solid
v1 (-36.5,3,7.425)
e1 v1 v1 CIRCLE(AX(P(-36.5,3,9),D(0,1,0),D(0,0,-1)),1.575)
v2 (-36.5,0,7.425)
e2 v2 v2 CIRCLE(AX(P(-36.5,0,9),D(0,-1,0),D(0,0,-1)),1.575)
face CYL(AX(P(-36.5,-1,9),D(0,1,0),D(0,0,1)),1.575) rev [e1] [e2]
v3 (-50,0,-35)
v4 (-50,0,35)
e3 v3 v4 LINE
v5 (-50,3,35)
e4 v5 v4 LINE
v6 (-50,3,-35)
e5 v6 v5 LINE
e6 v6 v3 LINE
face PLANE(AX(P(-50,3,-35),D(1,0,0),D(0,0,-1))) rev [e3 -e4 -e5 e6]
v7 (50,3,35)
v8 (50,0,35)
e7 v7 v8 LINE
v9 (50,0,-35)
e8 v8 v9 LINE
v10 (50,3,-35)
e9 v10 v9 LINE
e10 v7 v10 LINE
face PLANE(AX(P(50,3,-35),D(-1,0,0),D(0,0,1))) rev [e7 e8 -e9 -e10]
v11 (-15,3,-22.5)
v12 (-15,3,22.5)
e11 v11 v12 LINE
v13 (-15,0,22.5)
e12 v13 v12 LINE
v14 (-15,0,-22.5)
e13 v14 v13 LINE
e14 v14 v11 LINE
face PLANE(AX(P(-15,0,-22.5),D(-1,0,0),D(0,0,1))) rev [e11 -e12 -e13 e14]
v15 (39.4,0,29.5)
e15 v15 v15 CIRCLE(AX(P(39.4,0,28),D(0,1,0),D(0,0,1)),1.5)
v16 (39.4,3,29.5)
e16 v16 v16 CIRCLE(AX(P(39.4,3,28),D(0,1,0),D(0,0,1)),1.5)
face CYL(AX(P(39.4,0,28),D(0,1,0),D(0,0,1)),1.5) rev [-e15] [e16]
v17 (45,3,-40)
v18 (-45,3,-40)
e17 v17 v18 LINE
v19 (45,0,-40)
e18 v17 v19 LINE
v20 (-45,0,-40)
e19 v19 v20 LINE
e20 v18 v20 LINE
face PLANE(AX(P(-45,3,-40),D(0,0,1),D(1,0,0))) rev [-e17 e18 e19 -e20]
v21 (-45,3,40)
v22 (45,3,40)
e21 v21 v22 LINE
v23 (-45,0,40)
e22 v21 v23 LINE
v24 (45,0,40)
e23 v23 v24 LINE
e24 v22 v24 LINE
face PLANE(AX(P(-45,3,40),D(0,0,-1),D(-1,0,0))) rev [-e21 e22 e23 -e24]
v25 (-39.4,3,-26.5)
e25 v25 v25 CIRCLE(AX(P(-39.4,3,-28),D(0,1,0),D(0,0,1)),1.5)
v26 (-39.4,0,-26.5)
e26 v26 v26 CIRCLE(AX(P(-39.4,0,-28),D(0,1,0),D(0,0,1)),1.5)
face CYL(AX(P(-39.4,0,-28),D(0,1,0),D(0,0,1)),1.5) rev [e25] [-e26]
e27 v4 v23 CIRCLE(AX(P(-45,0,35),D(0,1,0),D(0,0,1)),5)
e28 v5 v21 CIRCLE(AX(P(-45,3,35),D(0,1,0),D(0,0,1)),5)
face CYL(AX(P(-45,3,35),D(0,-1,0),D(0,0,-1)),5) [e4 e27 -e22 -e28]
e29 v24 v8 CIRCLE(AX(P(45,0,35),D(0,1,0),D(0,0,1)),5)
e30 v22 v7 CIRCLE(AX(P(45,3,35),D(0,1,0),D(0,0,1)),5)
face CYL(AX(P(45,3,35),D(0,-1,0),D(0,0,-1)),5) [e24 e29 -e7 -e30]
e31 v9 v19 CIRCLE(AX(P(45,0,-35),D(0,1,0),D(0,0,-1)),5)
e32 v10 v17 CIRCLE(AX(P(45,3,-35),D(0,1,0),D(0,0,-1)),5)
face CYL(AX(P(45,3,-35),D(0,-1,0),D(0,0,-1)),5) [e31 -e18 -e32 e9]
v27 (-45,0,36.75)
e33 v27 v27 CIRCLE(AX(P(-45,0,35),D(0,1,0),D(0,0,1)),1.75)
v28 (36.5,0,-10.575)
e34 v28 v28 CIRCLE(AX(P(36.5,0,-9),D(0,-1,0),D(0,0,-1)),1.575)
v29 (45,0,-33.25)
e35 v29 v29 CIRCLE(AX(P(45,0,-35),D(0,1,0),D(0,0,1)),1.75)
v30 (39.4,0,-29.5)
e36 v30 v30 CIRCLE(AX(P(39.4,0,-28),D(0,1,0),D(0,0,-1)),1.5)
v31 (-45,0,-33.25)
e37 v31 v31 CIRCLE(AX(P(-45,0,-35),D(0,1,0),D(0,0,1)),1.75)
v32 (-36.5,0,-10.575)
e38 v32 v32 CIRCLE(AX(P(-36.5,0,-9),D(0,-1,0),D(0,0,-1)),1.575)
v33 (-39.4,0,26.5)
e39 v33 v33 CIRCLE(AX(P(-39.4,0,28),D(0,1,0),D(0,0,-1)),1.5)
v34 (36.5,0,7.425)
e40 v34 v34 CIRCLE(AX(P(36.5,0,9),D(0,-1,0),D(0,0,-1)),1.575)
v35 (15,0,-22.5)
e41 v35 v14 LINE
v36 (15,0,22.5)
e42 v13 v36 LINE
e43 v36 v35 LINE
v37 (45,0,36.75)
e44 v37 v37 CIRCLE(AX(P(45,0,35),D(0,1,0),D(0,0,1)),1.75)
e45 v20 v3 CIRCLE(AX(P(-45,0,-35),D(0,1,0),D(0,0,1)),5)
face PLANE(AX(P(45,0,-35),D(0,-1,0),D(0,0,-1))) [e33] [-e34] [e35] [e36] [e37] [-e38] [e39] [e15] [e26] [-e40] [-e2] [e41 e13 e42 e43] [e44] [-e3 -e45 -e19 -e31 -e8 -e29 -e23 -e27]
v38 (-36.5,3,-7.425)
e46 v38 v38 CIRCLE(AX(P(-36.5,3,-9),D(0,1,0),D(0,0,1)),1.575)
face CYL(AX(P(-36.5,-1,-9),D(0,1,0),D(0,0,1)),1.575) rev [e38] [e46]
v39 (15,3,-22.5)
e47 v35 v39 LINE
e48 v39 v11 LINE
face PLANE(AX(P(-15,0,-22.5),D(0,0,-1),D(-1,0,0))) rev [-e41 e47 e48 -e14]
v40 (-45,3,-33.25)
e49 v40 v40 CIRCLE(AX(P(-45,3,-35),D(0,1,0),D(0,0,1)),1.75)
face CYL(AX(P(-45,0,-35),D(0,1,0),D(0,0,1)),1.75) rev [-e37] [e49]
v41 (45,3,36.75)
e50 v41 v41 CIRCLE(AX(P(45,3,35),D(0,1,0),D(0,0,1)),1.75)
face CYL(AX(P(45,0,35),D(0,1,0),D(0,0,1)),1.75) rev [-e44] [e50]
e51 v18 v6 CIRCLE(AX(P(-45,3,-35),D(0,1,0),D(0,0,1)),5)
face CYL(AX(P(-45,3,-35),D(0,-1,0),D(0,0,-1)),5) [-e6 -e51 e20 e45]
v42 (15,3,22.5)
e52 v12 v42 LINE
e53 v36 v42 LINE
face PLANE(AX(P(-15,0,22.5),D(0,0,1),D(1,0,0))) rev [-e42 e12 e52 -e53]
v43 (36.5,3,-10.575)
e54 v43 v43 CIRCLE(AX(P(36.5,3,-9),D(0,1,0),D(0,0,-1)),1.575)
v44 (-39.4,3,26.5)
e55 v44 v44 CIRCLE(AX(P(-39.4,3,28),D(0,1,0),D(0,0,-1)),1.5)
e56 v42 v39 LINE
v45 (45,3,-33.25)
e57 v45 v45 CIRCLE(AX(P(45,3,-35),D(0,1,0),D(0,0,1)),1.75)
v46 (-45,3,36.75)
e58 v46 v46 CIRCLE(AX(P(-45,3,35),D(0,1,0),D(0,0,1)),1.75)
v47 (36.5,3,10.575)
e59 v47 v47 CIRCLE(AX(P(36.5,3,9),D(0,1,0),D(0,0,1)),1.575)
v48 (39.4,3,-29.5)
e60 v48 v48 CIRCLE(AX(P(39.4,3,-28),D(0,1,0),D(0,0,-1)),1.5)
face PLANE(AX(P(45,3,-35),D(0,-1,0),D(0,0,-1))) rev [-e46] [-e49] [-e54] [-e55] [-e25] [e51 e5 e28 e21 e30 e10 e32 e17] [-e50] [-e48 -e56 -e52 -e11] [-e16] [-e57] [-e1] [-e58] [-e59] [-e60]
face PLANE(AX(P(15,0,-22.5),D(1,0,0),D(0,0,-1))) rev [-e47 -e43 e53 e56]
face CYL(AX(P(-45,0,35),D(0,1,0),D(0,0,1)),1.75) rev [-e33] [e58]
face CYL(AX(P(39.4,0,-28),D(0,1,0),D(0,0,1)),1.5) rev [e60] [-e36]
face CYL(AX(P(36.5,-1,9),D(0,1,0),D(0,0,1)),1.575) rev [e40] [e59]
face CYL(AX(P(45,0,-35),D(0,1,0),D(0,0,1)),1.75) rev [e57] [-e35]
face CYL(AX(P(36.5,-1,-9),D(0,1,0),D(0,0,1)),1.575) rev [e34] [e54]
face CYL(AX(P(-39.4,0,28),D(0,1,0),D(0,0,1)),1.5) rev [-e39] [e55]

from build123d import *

# Parameters (mm, degrees)
BOSS_EXTRUDE1_DEPTH  = 3
SKETCH2_R            = 1.575
CUT_EXTRUDE1_DEPTH   = 4
SKETCH3_R            = 1.75
CUT_EXTRUDE2_DEPTH   = 4
LPATTERN1_COUNT      = 2
LPATTERN1_PITCH      = 70
LPATTERN1_COUNT_DIR2 = 2
LPATTERN1_PITCH_DIR2 = 90
SKETCH4_R            = 1.5
CUT_EXTRUDE3_DEPTH   = 4
SKETCH5_W            = 30
SKETCH5_H            = 45
CUT_EXTRUDE4_DEPTH   = 4


with BuildPart() as part:
    # Sketch1 → Boss-Extrude1 (new body)
    with BuildSketch(Plane(origin=(0, 0, 0), x_dir=(1, 0, 0), z_dir=(0, 1, 0))):
        with BuildLine():
            Line((-45, 40), (45, 40))
            ThreePointArc((45, 40), (48.535533906, 38.535533906), (50, 35))
            Line((50, 35), (50, -35))
            ThreePointArc((50, -35), (48.535533906, -38.535533906), (45, -40))
            Line((45, -40), (-45, -40))
            ThreePointArc((-45, -40), (-48.535533906, -38.535533906), (-50, -35))
            Line((-50, -35), (-50, 35))
            ThreePointArc((-50, 35), (-48.535533906, 38.535533906), (-45, 40))
        make_face()
    extrude(amount=BOSS_EXTRUDE1_DEPTH)

    # Sketch2 → Cut-Extrude1 (cut)
    with BuildSketch(Plane(origin=(0, 3, 0), x_dir=(1, 0, 0), z_dir=(0, 1, 0))):
        with Locations((-36.5, 9)):
            Circle(SKETCH2_R)
        with Locations((-36.5, -9)):
            Circle(SKETCH2_R)
        with Locations((36.5, -9)):
            Circle(SKETCH2_R)
        with Locations((36.5, 9)):
            Circle(SKETCH2_R)
    extrude(amount=-CUT_EXTRUDE1_DEPTH, mode=Mode.SUBTRACT)

    # Sketch3 → Cut-Extrude2 (cut, through all)
    with BuildSketch(Plane(origin=(0, 3, 0), x_dir=(1, 0, 0), z_dir=(0, 1, 0))):
        with Locations((-45, -35)):
            Circle(SKETCH3_R)
    cut_extrude2 = extrude(amount=-CUT_EXTRUDE2_DEPTH, mode=Mode.SUBTRACT)

    # LPattern1: Cut-Extrude2 2 × 2
    with Locations(*[(j * LPATTERN1_PITCH_DIR2, 0, -i * LPATTERN1_PITCH) for i in range(LPATTERN1_COUNT) for j in range(LPATTERN1_COUNT_DIR2) if (i, j) != (0, 0)]):
        add(cut_extrude2, mode=Mode.SUBTRACT)

    # Sketch4 → Cut-Extrude3 (cut, through all)
    with BuildSketch(Plane(origin=(0, 3, 0), x_dir=(1, 0, 0), z_dir=(0, 1, 0))):
        with Locations((-39.4, 28)):
            Circle(SKETCH4_R)
        with Locations((39.4, 28)):
            Circle(SKETCH4_R)
        with Locations((39.4, -28)):
            Circle(SKETCH4_R)
        with Locations((-39.4, -28)):
            Circle(SKETCH4_R)
    extrude(amount=-CUT_EXTRUDE3_DEPTH, mode=Mode.SUBTRACT)

    # Sketch5 → Cut-Extrude4 (cut, through all)
    with BuildSketch(Plane(origin=(0, 3, 0), x_dir=(1, 0, 0), z_dir=(0, 1, 0))):
        Rectangle(SKETCH5_W, SKETCH5_H)
    extrude(amount=-CUT_EXTRUDE4_DEPTH, mode=Mode.SUBTRACT)


solid = part.part
